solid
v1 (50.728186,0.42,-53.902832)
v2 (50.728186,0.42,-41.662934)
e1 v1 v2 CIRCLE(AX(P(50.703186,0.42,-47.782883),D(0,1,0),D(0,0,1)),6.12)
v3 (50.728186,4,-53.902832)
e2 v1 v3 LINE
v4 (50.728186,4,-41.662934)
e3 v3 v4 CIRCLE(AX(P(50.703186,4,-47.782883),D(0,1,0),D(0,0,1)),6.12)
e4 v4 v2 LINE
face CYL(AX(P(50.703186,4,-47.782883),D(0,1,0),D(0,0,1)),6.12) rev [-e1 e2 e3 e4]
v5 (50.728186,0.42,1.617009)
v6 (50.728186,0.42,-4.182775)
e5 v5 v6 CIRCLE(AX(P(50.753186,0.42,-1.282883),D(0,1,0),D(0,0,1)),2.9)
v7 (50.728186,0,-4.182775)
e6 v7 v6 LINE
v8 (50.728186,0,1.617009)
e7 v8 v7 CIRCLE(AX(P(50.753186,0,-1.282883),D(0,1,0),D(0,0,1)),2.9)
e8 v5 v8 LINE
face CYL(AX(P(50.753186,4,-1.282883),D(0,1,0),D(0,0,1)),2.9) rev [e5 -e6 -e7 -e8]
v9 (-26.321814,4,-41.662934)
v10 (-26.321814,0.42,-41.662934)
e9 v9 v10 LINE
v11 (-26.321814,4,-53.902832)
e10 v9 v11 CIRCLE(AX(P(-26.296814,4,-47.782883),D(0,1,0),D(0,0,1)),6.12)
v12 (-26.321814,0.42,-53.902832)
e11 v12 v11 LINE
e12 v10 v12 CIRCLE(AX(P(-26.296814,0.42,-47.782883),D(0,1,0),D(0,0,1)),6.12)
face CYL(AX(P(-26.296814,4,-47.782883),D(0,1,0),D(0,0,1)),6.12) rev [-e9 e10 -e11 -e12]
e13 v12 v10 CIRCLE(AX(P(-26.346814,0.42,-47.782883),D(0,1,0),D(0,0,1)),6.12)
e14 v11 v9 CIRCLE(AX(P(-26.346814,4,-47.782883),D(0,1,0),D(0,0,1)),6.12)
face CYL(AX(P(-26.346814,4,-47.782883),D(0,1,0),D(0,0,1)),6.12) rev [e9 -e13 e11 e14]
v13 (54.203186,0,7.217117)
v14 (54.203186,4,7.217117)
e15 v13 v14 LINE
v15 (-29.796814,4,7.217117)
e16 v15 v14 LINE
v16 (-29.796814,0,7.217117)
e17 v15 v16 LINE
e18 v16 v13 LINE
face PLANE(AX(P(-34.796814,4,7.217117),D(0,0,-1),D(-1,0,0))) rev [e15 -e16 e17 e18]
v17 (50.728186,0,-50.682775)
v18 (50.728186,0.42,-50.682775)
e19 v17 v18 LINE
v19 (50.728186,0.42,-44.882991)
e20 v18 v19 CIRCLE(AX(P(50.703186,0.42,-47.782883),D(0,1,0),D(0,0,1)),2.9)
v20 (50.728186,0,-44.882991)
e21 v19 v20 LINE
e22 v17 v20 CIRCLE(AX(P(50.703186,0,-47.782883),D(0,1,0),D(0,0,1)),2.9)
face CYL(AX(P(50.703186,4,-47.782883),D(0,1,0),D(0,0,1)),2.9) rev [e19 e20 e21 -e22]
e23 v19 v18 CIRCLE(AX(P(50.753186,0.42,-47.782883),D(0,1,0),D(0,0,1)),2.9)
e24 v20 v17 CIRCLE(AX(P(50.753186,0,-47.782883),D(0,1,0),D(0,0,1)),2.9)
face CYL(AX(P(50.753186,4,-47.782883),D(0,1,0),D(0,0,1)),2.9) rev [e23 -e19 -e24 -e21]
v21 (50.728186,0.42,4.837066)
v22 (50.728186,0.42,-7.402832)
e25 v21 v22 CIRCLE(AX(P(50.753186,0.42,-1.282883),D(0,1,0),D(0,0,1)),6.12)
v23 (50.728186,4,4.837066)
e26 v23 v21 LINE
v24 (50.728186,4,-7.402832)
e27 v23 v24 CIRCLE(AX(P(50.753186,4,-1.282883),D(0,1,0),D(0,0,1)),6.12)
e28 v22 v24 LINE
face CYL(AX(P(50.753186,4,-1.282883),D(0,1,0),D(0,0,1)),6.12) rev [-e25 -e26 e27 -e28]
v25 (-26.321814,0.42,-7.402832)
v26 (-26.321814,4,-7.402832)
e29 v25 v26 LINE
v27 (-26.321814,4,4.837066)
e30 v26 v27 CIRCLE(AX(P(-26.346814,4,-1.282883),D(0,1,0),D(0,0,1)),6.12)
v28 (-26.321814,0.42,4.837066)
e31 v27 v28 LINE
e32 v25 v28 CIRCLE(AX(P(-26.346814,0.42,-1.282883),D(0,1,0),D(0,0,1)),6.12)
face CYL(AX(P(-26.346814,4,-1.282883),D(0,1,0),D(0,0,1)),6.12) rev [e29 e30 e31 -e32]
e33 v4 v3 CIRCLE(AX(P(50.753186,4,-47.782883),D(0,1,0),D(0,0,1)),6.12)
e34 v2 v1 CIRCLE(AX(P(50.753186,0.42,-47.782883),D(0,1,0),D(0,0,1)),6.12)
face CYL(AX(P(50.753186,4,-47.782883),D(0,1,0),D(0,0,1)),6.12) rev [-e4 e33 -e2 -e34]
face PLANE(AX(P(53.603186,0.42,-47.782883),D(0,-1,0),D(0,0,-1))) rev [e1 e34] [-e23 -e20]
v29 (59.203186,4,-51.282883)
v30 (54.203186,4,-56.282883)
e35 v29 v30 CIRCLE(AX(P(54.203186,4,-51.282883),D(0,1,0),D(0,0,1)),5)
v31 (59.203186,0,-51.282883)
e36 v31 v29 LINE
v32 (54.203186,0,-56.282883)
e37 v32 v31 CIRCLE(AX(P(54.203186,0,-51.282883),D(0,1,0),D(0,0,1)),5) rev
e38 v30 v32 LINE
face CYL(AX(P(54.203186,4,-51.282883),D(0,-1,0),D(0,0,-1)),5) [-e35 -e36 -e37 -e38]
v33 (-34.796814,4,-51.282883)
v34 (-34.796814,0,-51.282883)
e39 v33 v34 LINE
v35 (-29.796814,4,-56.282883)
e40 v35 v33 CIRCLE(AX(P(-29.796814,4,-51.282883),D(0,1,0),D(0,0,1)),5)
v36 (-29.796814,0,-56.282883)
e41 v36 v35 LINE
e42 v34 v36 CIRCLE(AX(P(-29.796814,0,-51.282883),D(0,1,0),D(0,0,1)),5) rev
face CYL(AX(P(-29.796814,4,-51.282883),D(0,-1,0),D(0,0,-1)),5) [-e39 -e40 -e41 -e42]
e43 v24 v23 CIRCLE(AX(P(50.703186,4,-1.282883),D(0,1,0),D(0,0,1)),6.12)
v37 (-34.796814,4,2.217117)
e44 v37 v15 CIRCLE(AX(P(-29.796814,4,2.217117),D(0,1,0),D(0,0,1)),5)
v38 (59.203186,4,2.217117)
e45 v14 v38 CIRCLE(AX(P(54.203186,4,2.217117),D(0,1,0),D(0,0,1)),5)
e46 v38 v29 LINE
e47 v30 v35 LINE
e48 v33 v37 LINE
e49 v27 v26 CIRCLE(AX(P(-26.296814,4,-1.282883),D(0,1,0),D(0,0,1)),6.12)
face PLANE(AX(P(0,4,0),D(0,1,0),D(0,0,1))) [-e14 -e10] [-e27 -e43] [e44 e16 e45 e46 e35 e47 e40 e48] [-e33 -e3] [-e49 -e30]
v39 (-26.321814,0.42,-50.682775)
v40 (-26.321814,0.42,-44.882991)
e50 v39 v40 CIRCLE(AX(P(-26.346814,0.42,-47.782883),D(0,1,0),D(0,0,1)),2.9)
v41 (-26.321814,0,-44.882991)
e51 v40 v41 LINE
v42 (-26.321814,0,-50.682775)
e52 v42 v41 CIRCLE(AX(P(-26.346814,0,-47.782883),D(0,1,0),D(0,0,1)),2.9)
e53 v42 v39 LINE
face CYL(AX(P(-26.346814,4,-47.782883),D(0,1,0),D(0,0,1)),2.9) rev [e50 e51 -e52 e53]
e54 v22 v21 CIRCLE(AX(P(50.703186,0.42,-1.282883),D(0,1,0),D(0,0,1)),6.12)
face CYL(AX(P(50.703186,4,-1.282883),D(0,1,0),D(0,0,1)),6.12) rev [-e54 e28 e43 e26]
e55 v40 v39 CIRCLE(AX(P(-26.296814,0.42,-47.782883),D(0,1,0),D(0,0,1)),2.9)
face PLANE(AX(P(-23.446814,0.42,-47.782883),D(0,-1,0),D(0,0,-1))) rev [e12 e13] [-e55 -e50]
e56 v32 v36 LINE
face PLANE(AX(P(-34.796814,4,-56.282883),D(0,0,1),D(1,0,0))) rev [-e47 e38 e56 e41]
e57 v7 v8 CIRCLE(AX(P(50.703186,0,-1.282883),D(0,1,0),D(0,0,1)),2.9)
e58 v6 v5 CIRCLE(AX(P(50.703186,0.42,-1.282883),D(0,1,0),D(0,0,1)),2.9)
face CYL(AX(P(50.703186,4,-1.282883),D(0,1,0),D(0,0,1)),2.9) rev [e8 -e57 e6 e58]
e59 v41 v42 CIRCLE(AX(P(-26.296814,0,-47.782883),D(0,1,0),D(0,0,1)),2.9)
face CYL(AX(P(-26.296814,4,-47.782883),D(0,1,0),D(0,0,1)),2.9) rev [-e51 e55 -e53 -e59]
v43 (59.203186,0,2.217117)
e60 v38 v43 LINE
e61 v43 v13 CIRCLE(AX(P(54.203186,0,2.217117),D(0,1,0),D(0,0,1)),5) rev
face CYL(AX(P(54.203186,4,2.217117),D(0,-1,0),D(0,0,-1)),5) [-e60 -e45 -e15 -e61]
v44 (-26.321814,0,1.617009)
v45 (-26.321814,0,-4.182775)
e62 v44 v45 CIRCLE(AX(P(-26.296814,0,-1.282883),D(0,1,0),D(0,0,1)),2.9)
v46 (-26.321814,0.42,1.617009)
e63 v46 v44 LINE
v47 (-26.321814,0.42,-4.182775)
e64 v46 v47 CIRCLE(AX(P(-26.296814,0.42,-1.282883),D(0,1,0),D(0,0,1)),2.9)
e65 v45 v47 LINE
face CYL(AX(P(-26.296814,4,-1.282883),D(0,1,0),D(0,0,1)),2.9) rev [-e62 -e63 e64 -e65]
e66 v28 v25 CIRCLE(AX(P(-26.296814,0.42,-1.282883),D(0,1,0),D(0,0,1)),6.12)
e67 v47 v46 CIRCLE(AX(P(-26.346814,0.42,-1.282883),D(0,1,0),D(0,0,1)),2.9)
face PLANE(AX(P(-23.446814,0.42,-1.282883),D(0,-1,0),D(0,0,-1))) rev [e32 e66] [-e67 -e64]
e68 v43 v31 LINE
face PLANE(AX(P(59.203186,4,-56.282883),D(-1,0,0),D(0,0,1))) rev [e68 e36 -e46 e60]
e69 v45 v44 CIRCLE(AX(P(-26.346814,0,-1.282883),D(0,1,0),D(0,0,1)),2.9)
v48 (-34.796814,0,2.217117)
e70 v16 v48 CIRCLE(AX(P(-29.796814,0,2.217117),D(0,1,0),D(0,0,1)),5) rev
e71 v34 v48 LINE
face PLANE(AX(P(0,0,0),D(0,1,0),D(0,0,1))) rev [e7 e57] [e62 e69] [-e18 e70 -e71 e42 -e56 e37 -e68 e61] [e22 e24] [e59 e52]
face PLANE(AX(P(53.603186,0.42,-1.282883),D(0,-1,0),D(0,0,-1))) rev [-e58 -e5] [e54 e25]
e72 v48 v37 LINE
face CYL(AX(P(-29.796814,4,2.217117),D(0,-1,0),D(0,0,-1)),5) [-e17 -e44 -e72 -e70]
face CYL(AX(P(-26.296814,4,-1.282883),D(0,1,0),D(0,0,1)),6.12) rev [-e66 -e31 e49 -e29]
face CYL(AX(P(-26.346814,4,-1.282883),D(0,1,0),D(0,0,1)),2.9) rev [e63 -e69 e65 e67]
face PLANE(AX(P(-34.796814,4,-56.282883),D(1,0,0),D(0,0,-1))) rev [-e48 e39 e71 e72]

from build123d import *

# Parameters (mm, degrees)
SKETCH1_W                                    = 94
SKETCH1_H                                    = 63.5
BOSS_EXTRUDE1_DEPTH                          = 4
CBORE_SLOT_FOR_M5_HEX_HEAD_BOLT1_D           = 5.8
CBORE_SLOT_FOR_M5_HEX_HEAD_BOLT1_DEPTH       = 18
CBORE_SLOT_FOR_M5_HEX_HEAD_BOLT1_CBORE_D     = 12.24
CBORE_SLOT_FOR_M5_HEX_HEAD_BOLT1_CBORE_DEPTH = 3.58
CBORE_SLOT_FOR_M5_HEX_HEAD_BOLT1_TIP         = 1.742495795
FILLET1_R                                    = 5


with BuildPart() as part:
    # Sketch1 → Boss-Extrude1 (new body)
    with BuildSketch(Plane(origin=(0, 0, 0), x_dir=(1, 0, 0), z_dir=(0, 1, 0))):
        with Locations((12.203186111, 24.532883045)):
            Rectangle(SKETCH1_W, SKETCH1_H)
    extrude(amount=BOSS_EXTRUDE1_DEPTH)

    # CBORE SLOT for M5 Hex Head Bolt1
    with Locations(Plane(origin=(0, 4, 0), x_dir=(1, 0, 0), z_dir=(0, 1, 0))):
        with Locations((-26.296813889, 47.782883045), (-26.296813889, 1.282883045), (50.753186111, 47.782883045), (50.753186111, 1.282883045), (-26.346813889, 47.782883045), (-26.346813889, 1.282883045), (50.703186111, 1.282883045), (50.703186111, 47.782883045)):
            CounterBoreHole(CBORE_SLOT_FOR_M5_HEX_HEAD_BOLT1_D / 2, CBORE_SLOT_FOR_M5_HEX_HEAD_BOLT1_CBORE_D / 2, CBORE_SLOT_FOR_M5_HEX_HEAD_BOLT1_CBORE_DEPTH, depth=CBORE_SLOT_FOR_M5_HEX_HEAD_BOLT1_DEPTH)
            with Locations((0, 0, -(CBORE_SLOT_FOR_M5_HEX_HEAD_BOLT1_DEPTH + CBORE_SLOT_FOR_M5_HEX_HEAD_BOLT1_TIP / 2))):  # 118° drill point
                Cone(0, CBORE_SLOT_FOR_M5_HEX_HEAD_BOLT1_D / 2, CBORE_SLOT_FOR_M5_HEX_HEAD_BOLT1_TIP, mode=Mode.SUBTRACT)

    # Fillet1
    fillet1_edges = [part.edges().sort_by_distance(p)[0] for p in [
        (-34.796813889, 2, -56.282883045),
        (59.203186111, 2, -56.282883045),
        (59.203186111, 2, 7.217116955),
        (-34.796813889, 2, 7.217116955),
    ]]
    fillet(fillet1_edges, radius=FILLET1_R)


solid = part.part
